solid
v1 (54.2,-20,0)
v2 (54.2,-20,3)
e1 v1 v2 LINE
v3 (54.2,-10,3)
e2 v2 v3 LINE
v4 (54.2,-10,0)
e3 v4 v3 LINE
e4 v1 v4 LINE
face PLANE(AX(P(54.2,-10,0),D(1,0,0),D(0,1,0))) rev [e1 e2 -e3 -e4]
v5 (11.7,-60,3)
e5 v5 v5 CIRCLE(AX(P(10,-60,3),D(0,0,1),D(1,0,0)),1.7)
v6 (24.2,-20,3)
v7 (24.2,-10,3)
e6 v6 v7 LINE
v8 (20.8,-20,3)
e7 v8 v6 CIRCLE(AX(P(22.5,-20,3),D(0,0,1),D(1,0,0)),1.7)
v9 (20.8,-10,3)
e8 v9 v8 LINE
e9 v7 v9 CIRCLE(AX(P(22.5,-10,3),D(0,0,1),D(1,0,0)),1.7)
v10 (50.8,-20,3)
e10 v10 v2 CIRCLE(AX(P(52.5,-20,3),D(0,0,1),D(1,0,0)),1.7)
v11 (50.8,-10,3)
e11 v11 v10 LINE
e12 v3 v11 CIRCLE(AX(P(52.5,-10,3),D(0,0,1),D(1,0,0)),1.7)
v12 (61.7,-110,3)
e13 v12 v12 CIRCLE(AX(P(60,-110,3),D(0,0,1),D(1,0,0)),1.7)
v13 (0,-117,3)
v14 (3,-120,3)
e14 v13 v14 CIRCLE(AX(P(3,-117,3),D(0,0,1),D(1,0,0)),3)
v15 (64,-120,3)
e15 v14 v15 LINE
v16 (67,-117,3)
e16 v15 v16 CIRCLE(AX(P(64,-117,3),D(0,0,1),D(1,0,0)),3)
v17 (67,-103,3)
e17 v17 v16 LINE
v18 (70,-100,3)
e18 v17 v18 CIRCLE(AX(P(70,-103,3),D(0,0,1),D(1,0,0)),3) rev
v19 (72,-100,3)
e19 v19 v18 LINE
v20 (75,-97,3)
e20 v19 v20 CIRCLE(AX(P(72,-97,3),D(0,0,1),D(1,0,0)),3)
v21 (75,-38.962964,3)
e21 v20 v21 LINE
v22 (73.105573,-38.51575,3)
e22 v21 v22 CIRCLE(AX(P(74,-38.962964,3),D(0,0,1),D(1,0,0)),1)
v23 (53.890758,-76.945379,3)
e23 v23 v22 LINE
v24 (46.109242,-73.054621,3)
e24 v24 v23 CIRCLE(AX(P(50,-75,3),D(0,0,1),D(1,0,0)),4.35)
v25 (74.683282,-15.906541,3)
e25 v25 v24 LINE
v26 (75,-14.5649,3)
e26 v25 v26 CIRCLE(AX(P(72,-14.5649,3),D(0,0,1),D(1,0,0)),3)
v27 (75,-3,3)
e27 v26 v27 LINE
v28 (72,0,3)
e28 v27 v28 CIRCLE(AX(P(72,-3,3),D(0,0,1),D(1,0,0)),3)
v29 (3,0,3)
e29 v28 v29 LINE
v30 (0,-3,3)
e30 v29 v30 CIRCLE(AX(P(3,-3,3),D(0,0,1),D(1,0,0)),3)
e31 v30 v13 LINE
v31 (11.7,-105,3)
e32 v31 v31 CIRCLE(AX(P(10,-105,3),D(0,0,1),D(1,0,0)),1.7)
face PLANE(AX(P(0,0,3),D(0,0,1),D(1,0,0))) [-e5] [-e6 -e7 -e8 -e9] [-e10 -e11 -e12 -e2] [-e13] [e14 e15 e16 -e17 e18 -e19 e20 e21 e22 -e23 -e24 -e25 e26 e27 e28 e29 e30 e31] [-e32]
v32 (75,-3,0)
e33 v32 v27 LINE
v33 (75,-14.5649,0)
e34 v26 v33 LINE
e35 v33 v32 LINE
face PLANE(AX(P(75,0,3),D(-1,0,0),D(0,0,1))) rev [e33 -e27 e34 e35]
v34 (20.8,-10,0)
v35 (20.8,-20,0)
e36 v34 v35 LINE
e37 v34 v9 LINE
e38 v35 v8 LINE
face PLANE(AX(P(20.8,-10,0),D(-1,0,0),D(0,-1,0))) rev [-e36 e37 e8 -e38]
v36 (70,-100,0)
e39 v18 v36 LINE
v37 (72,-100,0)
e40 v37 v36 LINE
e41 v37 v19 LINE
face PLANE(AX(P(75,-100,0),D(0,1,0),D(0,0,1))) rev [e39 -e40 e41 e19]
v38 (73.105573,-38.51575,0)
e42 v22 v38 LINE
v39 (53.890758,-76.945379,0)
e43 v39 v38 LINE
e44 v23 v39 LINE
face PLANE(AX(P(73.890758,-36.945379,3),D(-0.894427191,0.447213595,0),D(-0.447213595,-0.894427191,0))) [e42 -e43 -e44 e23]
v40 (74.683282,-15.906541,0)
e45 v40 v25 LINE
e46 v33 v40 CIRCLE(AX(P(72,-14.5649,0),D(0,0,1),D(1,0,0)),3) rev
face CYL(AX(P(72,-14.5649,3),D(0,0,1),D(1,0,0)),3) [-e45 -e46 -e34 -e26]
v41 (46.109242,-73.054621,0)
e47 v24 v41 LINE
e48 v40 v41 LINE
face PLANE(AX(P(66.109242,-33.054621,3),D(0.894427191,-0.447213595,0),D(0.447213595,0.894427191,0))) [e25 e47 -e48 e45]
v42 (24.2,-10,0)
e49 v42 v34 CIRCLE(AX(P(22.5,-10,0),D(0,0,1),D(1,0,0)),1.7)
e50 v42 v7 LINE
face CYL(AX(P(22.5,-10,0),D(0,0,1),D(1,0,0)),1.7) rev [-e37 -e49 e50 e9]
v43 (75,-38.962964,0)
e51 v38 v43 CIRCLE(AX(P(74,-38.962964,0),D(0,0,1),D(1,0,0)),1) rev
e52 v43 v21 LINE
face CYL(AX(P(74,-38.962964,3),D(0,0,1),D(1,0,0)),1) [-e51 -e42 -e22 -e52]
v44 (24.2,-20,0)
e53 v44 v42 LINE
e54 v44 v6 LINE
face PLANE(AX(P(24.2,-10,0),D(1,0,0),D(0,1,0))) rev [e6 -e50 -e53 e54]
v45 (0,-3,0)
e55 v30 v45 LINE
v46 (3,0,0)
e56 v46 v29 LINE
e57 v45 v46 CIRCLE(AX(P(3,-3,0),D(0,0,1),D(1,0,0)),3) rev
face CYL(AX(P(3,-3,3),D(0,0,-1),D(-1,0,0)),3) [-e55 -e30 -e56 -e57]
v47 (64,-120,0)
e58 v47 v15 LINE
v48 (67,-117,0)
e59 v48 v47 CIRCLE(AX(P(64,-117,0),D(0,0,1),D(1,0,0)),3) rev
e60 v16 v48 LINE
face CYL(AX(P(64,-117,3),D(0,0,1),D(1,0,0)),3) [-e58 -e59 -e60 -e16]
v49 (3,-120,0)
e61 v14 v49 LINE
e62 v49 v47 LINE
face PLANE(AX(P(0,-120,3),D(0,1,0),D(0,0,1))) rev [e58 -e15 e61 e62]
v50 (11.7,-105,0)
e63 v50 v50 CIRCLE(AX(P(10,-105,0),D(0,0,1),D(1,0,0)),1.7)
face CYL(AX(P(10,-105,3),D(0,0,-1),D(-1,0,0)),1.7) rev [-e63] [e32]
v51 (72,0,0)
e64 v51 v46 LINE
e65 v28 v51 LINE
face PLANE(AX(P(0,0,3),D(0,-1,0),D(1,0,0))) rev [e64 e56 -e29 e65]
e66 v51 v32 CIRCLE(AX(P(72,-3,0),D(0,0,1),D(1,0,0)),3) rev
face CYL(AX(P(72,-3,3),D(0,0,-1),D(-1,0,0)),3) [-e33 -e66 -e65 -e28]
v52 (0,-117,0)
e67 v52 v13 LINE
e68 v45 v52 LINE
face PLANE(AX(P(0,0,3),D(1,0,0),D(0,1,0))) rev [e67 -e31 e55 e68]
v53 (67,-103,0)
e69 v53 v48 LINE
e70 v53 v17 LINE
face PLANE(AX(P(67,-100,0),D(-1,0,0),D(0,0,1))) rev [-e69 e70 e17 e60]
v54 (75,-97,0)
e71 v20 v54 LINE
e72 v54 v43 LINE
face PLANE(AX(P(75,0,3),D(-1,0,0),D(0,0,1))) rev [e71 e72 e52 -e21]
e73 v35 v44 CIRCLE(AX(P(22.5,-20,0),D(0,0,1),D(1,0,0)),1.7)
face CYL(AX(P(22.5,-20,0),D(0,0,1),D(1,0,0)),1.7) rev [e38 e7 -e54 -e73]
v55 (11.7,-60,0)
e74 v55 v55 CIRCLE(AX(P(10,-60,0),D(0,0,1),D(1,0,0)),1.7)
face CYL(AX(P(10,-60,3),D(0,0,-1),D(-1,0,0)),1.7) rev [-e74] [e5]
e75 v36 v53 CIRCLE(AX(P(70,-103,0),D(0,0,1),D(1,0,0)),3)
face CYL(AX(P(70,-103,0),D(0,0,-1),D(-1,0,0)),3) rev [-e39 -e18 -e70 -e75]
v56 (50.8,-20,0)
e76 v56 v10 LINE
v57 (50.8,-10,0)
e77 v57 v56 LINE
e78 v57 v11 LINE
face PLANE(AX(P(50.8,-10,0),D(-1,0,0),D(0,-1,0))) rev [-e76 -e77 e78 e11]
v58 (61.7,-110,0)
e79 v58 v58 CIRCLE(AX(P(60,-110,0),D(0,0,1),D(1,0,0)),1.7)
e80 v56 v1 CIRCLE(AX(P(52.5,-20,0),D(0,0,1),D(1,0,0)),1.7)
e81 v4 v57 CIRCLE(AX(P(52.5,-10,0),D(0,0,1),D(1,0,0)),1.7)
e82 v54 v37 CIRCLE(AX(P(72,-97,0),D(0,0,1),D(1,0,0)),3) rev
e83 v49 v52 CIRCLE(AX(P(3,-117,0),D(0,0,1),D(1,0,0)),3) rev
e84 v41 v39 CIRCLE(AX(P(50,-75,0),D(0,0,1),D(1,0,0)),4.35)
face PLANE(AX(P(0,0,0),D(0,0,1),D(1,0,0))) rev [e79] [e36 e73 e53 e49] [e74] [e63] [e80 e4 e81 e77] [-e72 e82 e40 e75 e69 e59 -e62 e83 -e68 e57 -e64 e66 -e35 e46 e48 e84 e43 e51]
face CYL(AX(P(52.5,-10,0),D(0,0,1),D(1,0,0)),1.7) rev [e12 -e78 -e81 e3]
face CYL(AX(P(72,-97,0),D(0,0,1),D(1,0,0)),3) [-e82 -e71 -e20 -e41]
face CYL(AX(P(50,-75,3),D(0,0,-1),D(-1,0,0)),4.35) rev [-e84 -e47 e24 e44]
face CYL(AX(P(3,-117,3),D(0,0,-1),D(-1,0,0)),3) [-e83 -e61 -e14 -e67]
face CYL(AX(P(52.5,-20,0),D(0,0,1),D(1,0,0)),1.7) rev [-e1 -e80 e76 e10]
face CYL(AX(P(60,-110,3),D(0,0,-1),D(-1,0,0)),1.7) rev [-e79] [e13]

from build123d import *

# Parameters (mm, degrees)
SKETCH1_R           = 1.7
BOSS_EXTRUDE1_DEPTH = 3
FILLET1_R           = 3
CUT_EXTRUDE1_DEPTH  = 4
SKETCH3_W           = 8
SKETCH3_H           = 20
CUT_EXTRUDE2_DEPTH  = 4
FILLET2_R           = 3
FILLET3_R           = 1


with BuildPart() as part:
    # Sketch1 → Boss-Extrude1 (new body)
    with BuildSketch(Plane.XY):
        with BuildLine():
            Line((75, 0), (0, 0))
            Line((0, 0), (0, -120))
            Line((0, -120), (75, -120))
            Line((75, -120), (75, -34.726895702))
            Line((75, -34.726895702), (63.890758281, -56.94537914))
            Line((63.890758281, -56.94537914), (53.890758281, -76.94537914))
            ThreePointArc((53.890758281, -76.94537914), (48.05462086, -78.890758281), (46.109241719, -73.05462086))
            Line((46.109241719, -73.05462086), (56.109241719, -53.05462086))
            Line((56.109241719, -53.05462086), (75, -15.273104298))
            Line((75, -15.273104298), (75, 0))
        make_face()
        with Locations((10, -105)):
            Circle(SKETCH1_R, mode=Mode.SUBTRACT)
        with Locations((60, -110)):
            Circle(SKETCH1_R, mode=Mode.SUBTRACT)
        with Locations((10, -60)):
            Circle(SKETCH1_R, mode=Mode.SUBTRACT)
    extrude(amount=BOSS_EXTRUDE1_DEPTH)

    # Fillet1
    fillet1_edges = [part.edges().sort_by_distance(p)[0] for p in [
        (75, -120, 1.5),
        (0, -120, 1.5),
        (0, 0, 1.5),
        (75, 0, 1.5),
        (75, -15.273104298, 1.5),
    ]]
    fillet(fillet1_edges, radius=FILLET1_R)

    # Sketch2 → Cut-Extrude1 (cut, through all)
    with BuildSketch(Plane.XY.offset(3)):
        with BuildLine():
            Line((20.8, -10), (20.8, -20))
            ThreePointArc((20.8, -20), (22.5, -21.7), (24.2, -20))
            Line((24.2, -20), (24.2, -10))
            ThreePointArc((24.2, -10), (22.5, -8.3), (20.8, -10))
        make_face()
        with BuildLine():
            Line((50.8, -10), (50.8, -20))
            ThreePointArc((50.8, -20), (52.5, -21.7), (54.2, -20))
            Line((54.2, -20), (54.2, -10))
            ThreePointArc((54.2, -10), (52.5, -8.3), (50.8, -10))
        make_face()
    extrude(amount=-CUT_EXTRUDE1_DEPTH, mode=Mode.SUBTRACT)

    # Sketch3 → Cut-Extrude2 (cut, through all)
    with BuildSketch(Plane.XY.offset(3)):
        with Locations((71, -110)):
            Rectangle(SKETCH3_W, SKETCH3_H)
    extrude(amount=-CUT_EXTRUDE2_DEPTH, mode=Mode.SUBTRACT)

    # Fillet2
    fillet2_edges = [part.edges().sort_by_distance(p)[0] for p in [
        (75, -100, 1.5),
        (67, -120, 1.5),
        (67, -100, 1.5),
    ]]
    fillet(fillet2_edges, radius=FILLET2_R)

    # Fillet3
    fillet3_edges = [part.edges().sort_by_distance(p)[0] for p in [
        (75, -34.726895702, 1.5),
    ]]
    fillet(fillet3_edges, radius=FILLET3_R)


solid = part.part
